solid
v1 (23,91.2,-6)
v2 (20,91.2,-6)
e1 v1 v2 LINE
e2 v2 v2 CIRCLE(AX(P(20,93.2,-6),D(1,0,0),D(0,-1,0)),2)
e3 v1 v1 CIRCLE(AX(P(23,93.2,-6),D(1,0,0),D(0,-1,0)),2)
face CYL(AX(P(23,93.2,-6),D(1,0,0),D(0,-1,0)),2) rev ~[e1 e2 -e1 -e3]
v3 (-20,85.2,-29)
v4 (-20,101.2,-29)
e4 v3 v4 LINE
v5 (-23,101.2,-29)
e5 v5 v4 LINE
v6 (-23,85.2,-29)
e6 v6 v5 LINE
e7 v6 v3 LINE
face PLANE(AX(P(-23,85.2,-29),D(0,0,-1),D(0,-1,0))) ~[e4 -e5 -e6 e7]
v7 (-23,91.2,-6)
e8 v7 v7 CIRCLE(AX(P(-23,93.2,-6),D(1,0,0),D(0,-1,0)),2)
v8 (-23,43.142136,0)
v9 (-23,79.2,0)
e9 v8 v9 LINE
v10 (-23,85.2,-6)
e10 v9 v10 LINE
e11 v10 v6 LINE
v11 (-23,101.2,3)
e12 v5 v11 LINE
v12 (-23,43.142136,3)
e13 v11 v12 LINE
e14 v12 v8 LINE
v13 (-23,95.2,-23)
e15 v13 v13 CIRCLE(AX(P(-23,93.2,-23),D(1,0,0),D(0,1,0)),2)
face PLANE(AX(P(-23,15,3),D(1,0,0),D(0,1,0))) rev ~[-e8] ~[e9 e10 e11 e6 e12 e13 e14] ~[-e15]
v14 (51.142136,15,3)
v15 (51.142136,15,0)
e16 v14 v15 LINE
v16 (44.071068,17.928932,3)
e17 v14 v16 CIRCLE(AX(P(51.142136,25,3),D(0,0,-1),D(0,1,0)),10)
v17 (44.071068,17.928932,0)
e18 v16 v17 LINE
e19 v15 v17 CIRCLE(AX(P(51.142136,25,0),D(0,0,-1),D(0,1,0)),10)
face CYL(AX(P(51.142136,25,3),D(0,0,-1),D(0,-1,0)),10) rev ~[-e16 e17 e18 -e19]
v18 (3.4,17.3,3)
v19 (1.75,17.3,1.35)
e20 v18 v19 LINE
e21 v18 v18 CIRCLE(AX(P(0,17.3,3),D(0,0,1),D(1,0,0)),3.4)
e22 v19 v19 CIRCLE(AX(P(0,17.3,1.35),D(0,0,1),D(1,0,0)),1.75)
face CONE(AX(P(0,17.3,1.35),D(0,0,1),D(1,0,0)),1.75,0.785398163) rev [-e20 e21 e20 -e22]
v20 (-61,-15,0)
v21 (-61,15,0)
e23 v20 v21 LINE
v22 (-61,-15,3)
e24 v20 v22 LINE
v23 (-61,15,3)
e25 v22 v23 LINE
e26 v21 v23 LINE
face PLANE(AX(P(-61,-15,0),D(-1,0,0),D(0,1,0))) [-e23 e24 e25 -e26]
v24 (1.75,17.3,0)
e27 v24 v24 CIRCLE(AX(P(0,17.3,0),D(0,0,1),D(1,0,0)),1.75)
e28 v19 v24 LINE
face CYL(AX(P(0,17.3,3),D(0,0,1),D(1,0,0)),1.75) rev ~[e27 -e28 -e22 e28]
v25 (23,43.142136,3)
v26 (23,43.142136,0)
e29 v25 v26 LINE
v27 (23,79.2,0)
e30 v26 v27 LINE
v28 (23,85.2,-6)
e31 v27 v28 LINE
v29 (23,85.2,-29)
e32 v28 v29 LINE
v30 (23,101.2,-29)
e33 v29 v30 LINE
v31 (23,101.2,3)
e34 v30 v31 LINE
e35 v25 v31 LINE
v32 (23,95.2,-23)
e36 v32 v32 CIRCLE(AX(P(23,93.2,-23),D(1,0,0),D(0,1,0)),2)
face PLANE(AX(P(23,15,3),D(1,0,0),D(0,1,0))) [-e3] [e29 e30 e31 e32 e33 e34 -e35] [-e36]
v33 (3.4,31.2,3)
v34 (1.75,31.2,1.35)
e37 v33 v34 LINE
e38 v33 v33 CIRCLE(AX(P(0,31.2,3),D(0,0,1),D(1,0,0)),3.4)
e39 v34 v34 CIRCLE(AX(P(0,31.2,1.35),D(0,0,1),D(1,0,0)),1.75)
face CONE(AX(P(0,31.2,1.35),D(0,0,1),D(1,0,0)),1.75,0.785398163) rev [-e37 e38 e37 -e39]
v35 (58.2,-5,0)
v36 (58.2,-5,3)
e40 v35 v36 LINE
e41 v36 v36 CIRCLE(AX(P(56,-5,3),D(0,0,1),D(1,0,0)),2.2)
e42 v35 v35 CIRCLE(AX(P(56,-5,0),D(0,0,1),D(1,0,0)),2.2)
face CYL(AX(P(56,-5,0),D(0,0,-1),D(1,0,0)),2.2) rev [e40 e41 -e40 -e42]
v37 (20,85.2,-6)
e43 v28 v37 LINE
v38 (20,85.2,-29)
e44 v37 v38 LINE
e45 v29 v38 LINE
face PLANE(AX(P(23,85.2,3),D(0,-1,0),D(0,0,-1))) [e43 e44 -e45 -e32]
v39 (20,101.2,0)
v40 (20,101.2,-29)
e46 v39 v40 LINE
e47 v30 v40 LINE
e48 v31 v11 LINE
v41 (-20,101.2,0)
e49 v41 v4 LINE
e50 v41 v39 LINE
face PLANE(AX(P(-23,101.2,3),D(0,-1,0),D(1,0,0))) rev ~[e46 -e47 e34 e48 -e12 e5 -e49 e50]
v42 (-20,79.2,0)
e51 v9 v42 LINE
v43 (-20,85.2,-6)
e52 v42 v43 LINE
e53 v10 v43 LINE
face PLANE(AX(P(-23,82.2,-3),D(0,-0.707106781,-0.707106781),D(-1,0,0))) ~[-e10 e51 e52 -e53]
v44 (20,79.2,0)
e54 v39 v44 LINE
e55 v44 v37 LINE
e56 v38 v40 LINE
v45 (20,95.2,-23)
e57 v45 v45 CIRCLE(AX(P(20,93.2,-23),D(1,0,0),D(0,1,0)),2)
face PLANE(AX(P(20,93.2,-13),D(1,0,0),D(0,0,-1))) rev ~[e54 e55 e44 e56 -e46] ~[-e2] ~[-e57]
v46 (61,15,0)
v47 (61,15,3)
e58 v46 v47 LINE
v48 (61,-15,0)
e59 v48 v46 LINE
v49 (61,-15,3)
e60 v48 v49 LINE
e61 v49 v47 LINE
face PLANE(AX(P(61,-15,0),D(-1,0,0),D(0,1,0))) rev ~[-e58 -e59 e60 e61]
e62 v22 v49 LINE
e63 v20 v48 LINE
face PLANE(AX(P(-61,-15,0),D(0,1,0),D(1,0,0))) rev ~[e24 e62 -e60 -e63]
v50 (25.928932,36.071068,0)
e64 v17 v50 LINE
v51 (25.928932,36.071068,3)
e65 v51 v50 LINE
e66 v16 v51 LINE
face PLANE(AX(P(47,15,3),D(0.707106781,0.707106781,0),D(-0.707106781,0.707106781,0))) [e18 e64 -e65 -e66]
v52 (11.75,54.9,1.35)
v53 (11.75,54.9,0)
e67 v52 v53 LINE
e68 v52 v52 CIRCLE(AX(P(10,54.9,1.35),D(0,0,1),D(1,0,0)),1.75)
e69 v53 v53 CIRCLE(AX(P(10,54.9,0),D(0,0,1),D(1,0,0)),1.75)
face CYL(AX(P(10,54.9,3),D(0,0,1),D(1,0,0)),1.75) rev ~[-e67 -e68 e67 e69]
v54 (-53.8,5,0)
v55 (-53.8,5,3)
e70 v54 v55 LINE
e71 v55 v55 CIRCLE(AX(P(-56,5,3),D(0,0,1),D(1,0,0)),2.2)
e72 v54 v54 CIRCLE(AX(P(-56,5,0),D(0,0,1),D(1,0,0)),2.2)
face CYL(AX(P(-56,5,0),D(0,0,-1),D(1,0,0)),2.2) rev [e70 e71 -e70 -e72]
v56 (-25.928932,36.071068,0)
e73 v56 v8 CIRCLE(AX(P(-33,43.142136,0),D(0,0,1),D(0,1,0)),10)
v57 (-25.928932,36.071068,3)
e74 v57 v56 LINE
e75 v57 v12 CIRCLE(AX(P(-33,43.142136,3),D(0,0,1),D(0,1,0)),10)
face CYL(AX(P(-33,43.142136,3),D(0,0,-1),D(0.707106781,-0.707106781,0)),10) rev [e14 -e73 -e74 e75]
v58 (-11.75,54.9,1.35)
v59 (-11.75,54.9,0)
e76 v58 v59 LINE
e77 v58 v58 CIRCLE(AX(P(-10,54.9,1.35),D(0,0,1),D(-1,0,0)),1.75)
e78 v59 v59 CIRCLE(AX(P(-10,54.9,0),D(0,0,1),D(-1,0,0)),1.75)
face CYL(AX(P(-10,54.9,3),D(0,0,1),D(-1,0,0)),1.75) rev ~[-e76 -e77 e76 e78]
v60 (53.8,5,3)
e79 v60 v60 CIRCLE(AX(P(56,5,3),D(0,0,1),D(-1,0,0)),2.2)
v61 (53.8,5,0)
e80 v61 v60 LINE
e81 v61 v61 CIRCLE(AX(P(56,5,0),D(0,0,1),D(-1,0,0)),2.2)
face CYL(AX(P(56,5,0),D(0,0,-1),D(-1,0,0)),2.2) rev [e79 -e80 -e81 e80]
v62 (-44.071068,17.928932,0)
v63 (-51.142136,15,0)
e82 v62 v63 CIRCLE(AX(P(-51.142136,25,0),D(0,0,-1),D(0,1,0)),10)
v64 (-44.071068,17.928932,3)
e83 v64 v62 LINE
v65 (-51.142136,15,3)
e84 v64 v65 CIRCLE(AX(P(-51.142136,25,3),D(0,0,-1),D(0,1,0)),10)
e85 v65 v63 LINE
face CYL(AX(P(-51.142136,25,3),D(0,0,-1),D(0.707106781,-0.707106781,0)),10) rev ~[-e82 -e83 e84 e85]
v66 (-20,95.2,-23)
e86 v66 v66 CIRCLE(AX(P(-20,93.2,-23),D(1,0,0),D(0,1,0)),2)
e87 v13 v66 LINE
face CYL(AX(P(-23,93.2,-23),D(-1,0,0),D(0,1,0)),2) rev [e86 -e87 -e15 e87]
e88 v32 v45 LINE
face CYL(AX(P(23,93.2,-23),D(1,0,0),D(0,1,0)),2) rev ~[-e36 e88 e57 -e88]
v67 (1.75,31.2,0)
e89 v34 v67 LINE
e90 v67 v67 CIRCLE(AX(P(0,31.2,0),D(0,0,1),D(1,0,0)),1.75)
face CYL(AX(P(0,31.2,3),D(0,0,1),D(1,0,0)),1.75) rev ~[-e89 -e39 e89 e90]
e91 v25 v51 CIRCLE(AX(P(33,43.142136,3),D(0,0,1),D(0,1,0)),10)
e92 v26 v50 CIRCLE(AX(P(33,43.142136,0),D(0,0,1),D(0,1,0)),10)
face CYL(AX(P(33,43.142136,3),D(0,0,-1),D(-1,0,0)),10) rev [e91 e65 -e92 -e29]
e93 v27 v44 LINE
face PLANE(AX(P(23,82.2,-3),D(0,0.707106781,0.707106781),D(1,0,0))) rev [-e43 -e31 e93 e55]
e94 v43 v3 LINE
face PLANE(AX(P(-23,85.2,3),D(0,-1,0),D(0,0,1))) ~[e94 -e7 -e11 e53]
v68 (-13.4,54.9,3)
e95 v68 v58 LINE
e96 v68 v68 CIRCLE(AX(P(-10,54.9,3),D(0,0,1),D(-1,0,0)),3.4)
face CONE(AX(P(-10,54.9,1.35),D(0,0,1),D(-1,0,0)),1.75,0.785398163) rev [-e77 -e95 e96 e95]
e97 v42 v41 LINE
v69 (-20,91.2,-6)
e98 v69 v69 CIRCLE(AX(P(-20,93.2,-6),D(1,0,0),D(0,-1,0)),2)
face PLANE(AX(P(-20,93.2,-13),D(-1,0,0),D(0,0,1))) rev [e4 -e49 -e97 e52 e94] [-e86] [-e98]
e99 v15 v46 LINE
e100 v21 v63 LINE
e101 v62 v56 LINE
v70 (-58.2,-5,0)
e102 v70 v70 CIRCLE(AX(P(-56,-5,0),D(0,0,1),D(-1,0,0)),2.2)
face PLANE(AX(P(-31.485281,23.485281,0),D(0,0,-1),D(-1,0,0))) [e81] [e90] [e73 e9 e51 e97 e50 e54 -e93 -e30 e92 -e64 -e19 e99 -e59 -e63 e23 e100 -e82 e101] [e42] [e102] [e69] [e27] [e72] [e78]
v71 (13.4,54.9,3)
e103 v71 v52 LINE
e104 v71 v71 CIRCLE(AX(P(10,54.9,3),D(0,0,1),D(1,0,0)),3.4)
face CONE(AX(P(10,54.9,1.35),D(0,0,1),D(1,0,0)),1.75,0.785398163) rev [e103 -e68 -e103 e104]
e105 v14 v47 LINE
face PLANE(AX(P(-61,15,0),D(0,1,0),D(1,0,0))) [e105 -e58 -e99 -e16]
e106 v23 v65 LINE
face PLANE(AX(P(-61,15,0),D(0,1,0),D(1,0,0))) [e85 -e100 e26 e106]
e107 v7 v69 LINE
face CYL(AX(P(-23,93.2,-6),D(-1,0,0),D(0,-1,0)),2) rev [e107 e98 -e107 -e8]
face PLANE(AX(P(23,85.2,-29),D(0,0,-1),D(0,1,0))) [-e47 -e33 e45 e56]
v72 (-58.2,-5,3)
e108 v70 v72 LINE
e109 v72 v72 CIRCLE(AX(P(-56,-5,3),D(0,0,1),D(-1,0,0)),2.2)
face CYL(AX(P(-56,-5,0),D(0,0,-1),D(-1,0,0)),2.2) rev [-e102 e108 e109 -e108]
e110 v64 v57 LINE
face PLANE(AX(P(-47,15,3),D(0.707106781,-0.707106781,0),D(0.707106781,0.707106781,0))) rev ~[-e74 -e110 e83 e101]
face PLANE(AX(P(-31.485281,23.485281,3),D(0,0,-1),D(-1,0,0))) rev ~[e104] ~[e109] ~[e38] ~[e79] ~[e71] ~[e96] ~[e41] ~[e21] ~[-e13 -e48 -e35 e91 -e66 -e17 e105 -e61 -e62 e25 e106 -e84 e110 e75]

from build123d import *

# Parameters (mm, degrees)
SKETCH1_W           = 122
SKETCH1_H           = 30
SKETCH1_R           = 2.2
BOSS_EXTRUDE1_DEPTH = 3
SKETCH2_W           = 46
SKETCH2_H           = 86.2
SKETCH2_R           = 1.75
BOSS_EXTRUDE2_DEPTH = 3
BOSS_EXTRUDE3_DEPTH = 3
FILLET1_R           = 10
CHAMFER1_SIZE       = 1.65
SKETCH4_W           = 32
SKETCH4_H           = 16
SKETCH4_R           = 2
BOSS_EXTRUDE4_DEPTH = 3
CHAMFER2_SIZE       = 6


with BuildPart() as part:
    # Sketch1 → Boss-Extrude1 (new body)
    with BuildSketch(Plane.XY):
        Rectangle(SKETCH1_W, SKETCH1_H)
        with Locations((-56, 5)):
            Circle(SKETCH1_R, mode=Mode.SUBTRACT)
        with Locations(Location((-56, -5, 0), (0, 0, 180))):
            Circle(SKETCH1_R, mode=Mode.SUBTRACT)
        with Locations((56, -5)):
            Circle(SKETCH1_R, mode=Mode.SUBTRACT)
        with Locations(Location((56, 5, 0), (0, 0, 180))):
            Circle(SKETCH1_R, mode=Mode.SUBTRACT)
    extrude(amount=BOSS_EXTRUDE1_DEPTH)

    # Sketch2 → Boss-Extrude2 (add)
    with BuildSketch(Plane.XY.offset(3)):
        with Locations((0, 58.1)):
            Rectangle(SKETCH2_W, SKETCH2_H)
        with Locations((0, 17.3)):
            Circle(SKETCH2_R, mode=Mode.SUBTRACT)
        with Locations((10, 54.9)):
            Circle(SKETCH2_R, mode=Mode.SUBTRACT)
        with Locations((0, 31.2)):
            Circle(SKETCH2_R, mode=Mode.SUBTRACT)
        with Locations(Location((-10, 54.9, 0), (0, 0, 180))):
            Circle(SKETCH2_R, mode=Mode.SUBTRACT)
    extrude(amount=-BOSS_EXTRUDE2_DEPTH)

    # Sketch3 → Boss-Extrude3 (add)
    with BuildSketch(Plane.XY.offset(3)):
        Polygon((-47, 15), (-23, 39), (-23, 15), align=None)
        Polygon((23, 39), (23, 15), (47, 15), align=None)
    extrude(amount=-BOSS_EXTRUDE3_DEPTH)

    # Fillet1
    fillet1_edges = [part.edges().sort_by_distance(p)[0] for p in [
        (-47, 15, 1.5),
        (-23, 39, 1.5),
        (23, 39, 1.5),
        (47, 15, 1.5),
    ]]
    fillet(fillet1_edges, radius=FILLET1_R)

    # Chamfer1
    chamfer1_edges = [part.edges().sort_by_distance(p)[0] for p in [
        (-1.75, 17.3, 3),
        (8.25, 54.9, 3),
        (-1.75, 31.2, 3),
        (-8.25, 54.9, 3),
    ]]
    chamfer(chamfer1_edges, length=CHAMFER1_SIZE)

    # Sketch4 → Boss-Extrude4 (add)
    with BuildSketch(Plane(origin=(23, 0, 0), x_dir=(0, 0, -1), z_dir=(1, 0, 0))):
        with Locations((13, 93.2)):
            Rectangle(SKETCH4_W, SKETCH4_H)
        with Locations(Location((23, 93.2, 0), (0, 0, 90))):
            Circle(SKETCH4_R, mode=Mode.SUBTRACT)
        with Locations(Location((6, 93.2, 0), (0, 0, 270))):
            Circle(SKETCH4_R, mode=Mode.SUBTRACT)
    boss_extrude4 = extrude(amount=-BOSS_EXTRUDE4_DEPTH)

    # Mirror1: Boss-Extrude4 across plane
    add(boss_extrude4.mirror(Plane(origin=(0, 0, 0), x_dir=(0, 0, 1), z_dir=(1, 0, 0))))

    # Chamfer2
    chamfer2_edges = [part.edges().sort_by_distance(p)[0] for p in [
        (21.5, 85.2, 0),
        (-21.5, 85.2, 0),
    ]]
    chamfer(chamfer2_edges, length=CHAMFER2_SIZE)


solid = part.part
